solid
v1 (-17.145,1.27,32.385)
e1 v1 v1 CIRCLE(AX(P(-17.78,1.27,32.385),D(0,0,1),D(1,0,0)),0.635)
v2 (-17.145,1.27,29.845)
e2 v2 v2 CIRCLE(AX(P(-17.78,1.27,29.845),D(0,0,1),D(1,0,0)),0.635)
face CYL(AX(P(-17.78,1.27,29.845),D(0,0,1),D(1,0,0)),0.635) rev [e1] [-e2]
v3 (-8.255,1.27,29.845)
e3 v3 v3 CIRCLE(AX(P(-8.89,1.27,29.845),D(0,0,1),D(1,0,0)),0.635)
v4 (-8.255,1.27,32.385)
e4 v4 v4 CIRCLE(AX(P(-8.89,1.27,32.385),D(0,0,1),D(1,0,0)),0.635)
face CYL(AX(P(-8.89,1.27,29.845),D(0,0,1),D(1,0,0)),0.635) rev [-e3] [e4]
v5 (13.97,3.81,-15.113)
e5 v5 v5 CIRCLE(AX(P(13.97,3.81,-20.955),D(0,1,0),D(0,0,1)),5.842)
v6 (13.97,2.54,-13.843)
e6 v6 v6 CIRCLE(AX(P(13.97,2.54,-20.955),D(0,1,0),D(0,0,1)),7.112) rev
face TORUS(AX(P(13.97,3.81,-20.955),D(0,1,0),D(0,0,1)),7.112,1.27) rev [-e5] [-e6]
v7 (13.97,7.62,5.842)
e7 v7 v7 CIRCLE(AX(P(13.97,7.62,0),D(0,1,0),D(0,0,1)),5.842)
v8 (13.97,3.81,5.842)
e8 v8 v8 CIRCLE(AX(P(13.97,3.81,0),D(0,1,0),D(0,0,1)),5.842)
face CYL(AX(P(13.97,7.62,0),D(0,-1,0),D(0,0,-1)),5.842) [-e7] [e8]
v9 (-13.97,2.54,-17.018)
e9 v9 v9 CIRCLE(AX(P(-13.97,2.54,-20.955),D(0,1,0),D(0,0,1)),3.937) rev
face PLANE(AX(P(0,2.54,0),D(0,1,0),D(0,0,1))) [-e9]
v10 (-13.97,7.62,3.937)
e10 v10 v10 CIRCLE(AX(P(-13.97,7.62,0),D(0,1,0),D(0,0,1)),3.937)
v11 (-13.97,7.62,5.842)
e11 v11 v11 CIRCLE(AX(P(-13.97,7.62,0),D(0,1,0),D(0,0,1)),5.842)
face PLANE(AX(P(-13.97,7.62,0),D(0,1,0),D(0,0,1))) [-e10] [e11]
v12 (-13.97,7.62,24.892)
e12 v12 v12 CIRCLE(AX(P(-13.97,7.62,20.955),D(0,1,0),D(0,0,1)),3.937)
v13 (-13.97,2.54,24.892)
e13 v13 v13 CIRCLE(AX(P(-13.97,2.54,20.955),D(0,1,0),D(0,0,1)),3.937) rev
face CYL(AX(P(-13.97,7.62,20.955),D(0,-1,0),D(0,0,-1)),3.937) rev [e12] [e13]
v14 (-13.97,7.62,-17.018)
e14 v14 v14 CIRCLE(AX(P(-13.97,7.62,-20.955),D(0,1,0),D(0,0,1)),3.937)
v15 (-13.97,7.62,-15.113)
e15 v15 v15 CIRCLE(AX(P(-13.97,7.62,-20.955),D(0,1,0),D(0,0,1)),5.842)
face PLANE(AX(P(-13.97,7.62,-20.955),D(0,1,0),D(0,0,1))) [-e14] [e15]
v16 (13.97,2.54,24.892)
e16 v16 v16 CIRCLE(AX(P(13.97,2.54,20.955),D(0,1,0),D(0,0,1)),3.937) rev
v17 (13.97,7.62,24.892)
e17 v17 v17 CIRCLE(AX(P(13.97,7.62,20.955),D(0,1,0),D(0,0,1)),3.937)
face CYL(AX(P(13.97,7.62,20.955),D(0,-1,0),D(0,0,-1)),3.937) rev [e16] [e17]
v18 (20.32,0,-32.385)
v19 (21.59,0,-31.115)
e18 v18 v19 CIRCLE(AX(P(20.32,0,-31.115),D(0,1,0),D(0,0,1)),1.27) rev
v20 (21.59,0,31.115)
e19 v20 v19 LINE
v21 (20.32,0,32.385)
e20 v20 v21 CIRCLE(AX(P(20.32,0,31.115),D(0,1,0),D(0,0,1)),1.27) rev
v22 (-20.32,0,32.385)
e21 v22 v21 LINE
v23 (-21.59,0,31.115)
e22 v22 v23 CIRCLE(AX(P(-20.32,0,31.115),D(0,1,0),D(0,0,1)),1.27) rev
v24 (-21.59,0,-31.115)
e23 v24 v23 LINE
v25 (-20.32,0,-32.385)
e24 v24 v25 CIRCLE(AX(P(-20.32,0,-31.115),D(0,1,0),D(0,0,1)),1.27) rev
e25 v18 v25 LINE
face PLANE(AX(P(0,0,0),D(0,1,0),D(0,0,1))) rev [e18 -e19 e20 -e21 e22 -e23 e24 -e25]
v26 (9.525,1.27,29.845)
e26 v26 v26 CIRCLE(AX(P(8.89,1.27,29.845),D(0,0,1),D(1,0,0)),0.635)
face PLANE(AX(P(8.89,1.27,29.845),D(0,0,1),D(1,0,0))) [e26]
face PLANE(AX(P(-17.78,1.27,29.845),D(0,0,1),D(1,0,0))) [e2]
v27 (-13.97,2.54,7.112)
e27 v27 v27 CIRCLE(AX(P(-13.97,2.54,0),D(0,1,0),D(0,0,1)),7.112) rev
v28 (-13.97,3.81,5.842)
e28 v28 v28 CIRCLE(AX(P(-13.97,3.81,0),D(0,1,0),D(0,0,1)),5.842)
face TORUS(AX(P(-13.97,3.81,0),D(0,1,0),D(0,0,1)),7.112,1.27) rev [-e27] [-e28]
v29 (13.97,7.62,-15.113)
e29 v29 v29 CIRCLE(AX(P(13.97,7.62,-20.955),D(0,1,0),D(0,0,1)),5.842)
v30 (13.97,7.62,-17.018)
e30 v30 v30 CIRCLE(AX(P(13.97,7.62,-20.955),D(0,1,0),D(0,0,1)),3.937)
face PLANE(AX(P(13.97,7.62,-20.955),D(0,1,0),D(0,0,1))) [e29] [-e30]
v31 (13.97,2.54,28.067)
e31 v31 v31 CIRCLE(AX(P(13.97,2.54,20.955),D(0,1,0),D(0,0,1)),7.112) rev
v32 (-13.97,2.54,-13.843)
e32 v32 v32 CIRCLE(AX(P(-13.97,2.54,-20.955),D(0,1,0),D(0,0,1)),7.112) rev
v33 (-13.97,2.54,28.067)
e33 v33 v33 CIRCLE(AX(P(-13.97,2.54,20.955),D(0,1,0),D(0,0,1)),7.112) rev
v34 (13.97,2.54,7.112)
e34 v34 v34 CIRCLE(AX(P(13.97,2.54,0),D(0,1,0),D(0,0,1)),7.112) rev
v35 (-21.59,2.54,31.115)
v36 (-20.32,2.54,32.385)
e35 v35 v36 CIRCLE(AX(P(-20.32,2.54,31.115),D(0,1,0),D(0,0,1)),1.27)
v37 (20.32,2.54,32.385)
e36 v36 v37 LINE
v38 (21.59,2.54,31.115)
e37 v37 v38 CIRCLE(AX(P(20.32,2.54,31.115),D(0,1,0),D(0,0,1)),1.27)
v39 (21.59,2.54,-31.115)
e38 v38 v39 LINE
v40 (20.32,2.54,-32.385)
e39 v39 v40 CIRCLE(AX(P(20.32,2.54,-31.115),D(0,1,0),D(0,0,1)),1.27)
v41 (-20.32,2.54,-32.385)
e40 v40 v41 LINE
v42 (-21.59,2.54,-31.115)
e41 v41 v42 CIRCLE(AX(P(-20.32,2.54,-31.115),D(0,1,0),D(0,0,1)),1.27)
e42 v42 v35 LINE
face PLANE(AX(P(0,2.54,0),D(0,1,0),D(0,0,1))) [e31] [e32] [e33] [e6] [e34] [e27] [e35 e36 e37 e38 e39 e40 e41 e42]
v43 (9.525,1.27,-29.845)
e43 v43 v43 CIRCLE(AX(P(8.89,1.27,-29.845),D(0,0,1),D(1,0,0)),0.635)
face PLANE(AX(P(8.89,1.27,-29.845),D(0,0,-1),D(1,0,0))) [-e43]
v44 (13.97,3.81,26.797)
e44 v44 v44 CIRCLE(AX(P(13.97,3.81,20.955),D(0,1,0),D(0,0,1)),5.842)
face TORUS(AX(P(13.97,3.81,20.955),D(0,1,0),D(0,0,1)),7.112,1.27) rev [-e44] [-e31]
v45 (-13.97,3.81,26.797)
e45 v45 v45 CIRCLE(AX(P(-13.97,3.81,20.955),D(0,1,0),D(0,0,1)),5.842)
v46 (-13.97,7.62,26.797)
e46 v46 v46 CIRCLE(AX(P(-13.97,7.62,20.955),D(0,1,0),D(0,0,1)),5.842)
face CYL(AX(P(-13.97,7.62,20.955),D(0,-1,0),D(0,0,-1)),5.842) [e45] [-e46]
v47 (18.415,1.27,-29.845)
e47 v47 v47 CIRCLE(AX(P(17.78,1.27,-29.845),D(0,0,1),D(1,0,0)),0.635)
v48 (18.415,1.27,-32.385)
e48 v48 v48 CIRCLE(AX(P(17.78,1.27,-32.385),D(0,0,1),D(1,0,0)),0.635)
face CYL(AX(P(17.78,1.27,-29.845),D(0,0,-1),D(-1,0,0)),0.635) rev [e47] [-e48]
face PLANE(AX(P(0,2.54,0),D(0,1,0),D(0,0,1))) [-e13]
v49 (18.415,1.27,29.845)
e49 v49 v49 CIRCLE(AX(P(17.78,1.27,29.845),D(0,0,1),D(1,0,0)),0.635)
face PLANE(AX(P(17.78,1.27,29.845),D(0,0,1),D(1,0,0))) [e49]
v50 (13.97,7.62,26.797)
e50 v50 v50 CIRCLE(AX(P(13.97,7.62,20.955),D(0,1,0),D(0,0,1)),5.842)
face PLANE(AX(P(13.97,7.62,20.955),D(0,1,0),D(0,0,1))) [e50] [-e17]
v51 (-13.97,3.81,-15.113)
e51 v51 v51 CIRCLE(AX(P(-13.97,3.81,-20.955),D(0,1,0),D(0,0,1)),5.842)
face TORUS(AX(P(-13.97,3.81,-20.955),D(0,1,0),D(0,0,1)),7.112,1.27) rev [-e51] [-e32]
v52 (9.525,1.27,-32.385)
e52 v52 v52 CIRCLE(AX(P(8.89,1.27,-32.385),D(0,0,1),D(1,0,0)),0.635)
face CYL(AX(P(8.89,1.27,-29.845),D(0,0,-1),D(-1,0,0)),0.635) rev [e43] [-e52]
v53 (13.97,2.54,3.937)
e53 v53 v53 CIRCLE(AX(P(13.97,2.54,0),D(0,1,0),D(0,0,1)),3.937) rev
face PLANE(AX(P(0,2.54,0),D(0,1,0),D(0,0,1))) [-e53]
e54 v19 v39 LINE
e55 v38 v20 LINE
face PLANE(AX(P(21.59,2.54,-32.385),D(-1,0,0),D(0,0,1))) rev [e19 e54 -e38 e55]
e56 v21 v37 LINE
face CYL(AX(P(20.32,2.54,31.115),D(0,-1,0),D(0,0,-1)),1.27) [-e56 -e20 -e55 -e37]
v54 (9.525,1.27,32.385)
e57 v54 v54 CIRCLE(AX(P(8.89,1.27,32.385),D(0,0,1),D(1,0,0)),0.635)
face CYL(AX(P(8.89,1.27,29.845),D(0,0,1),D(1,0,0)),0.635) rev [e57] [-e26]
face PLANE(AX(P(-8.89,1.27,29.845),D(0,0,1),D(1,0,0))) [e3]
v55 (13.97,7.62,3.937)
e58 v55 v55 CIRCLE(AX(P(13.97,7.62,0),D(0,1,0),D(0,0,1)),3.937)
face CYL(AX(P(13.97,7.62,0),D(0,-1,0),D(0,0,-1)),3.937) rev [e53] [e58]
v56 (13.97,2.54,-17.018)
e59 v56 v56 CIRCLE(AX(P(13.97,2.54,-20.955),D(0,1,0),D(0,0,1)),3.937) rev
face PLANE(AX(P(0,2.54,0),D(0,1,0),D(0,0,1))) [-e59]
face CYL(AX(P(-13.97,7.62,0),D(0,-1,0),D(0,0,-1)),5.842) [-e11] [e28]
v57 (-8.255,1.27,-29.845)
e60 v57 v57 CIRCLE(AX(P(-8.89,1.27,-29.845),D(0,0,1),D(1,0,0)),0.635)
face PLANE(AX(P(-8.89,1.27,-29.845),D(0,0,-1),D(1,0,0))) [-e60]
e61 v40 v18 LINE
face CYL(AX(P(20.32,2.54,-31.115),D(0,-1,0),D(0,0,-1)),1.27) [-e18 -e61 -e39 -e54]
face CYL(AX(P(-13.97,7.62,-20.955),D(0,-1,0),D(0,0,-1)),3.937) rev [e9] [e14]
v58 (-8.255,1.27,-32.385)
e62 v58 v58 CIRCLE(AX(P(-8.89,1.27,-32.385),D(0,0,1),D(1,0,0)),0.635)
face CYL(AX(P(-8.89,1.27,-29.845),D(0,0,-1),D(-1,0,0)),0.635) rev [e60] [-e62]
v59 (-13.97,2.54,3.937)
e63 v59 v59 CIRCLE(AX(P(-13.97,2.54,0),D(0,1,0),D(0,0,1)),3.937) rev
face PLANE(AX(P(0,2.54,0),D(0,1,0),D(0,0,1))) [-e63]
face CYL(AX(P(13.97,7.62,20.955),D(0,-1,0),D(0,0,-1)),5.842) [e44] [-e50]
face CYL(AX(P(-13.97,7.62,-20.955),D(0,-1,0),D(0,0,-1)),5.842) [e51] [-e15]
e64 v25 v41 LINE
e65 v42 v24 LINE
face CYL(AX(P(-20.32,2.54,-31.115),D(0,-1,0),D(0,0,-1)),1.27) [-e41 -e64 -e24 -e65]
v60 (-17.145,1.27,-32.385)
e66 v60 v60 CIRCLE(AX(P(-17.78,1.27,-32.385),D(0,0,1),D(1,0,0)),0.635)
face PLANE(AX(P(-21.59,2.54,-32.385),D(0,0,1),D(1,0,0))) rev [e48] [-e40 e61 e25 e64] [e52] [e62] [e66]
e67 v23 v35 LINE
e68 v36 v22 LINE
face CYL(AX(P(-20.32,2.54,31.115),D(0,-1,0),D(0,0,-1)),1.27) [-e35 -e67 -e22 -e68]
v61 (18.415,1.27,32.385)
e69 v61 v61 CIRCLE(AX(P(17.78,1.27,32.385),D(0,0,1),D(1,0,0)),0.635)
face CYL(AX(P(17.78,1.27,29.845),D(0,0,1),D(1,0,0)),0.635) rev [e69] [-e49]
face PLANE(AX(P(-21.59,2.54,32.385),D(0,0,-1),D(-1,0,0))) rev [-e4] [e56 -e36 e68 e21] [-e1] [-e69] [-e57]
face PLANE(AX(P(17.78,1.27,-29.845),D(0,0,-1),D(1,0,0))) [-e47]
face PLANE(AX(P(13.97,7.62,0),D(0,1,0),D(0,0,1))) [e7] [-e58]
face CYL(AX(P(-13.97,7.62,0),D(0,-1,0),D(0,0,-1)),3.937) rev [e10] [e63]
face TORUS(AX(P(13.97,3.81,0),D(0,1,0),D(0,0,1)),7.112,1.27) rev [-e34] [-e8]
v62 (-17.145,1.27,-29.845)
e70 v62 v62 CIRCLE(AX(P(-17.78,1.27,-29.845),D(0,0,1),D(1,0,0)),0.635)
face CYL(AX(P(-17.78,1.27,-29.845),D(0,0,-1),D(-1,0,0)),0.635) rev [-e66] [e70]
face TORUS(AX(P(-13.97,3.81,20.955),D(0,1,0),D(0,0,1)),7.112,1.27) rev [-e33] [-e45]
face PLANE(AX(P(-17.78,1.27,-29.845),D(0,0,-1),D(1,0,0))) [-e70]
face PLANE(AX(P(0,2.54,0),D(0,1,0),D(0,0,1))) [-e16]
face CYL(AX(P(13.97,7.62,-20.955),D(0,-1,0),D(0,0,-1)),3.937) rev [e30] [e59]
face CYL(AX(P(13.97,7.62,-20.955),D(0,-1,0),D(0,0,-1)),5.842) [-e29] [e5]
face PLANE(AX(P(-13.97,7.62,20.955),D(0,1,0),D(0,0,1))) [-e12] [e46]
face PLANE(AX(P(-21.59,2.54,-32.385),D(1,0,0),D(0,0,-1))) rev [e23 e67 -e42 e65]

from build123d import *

# Parameters (mm, degrees)
SKETCH1_W           = 43.18
SKETCH1_H           = 64.77
BOSS_EXTRUDE1_DEPTH = 2.54
SKETCH3_R           = 0.635
CUT_EXTRUDE2_DEPTH  = 2.54
SKETCH5_R           = 5.842
SKETCH5_R_2         = 3.937
BOSS_EXTRUDE3_DEPTH = 5.08
FILLET2_R           = 1.27


with BuildPart() as part:
    # Sketch1 → Boss-Extrude1 (new body)
    with BuildSketch(Plane(origin=(0, 0, 0), x_dir=(1, 0, 0), z_dir=(0, 1, 0))):
        Rectangle(SKETCH1_W, SKETCH1_H)
    extrude(amount=BOSS_EXTRUDE1_DEPTH)

    # Sketch3 → Cut-Extrude2 (cut)
    with BuildSketch(Plane.XY.offset(32.385)):
        with Locations((-17.78, 1.27)):
            Circle(SKETCH3_R)
        with Locations((-8.89, 1.27)):
            Circle(SKETCH3_R)
        with Locations((8.89, 1.27)):
            Circle(SKETCH3_R)
        with Locations((17.78, 1.27)):
            Circle(SKETCH3_R)
    cut_extrude2 = extrude(amount=-CUT_EXTRUDE2_DEPTH, mode=Mode.SUBTRACT)

    # Mirror1: Cut-Extrude2 across plane
    add(cut_extrude2.mirror(Plane.XY), mode=Mode.SUBTRACT)

    # Sketch5 → Boss-Extrude3 (add)
    with BuildSketch(Plane(origin=(0, 2.54, 0), x_dir=(1, 0, 0), z_dir=(0, 1, 0))):
        with Locations((13.97, 20.955)):
            Circle(SKETCH5_R)
        with Locations((13.97, 20.955)):
            Circle(SKETCH5_R_2, mode=Mode.SUBTRACT)
        with Locations((-13.97, 20.955)):
            Circle(SKETCH5_R)
        with Locations((-13.97, 20.955)):
            Circle(SKETCH5_R_2, mode=Mode.SUBTRACT)
        with Locations((13.97, -20.955)):
            Circle(SKETCH5_R)
        with Locations((13.97, -20.955)):
            Circle(SKETCH5_R_2, mode=Mode.SUBTRACT)
        with Locations((-13.97, -20.955)):
            Circle(SKETCH5_R)
        with Locations((-13.97, -20.955)):
            Circle(SKETCH5_R_2, mode=Mode.SUBTRACT)
        with Locations((-13.97, 0)):
            Circle(SKETCH5_R)
        with Locations((-13.97, 0)):
            Circle(SKETCH5_R_2, mode=Mode.SUBTRACT)
        with Locations((13.97, 0)):
            Circle(SKETCH5_R)
        with Locations((13.97, 0)):
            Circle(SKETCH5_R_2, mode=Mode.SUBTRACT)
    extrude(amount=BOSS_EXTRUDE3_DEPTH)

    # Fillet2
    fillet2_edges = [part.edges().sort_by_distance(p)[0] for p in [
        (8.128, 2.54, -20.955),
        (-19.812, 2.54, -20.955),
        (8.128, 2.54, 20.955),
        (-19.812, 2.54, 20.955),
        (-19.812, 2.54, 0),
        (8.128, 2.54, 0),
        (21.59, 1.27, 32.385),
        (-21.59, 1.27, 32.385),
        (-21.59, 1.27, -32.385),
        (21.59, 1.27, -32.385),
    ]]
    fillet(fillet2_edges, radius=FILLET2_R)


solid = part.part
